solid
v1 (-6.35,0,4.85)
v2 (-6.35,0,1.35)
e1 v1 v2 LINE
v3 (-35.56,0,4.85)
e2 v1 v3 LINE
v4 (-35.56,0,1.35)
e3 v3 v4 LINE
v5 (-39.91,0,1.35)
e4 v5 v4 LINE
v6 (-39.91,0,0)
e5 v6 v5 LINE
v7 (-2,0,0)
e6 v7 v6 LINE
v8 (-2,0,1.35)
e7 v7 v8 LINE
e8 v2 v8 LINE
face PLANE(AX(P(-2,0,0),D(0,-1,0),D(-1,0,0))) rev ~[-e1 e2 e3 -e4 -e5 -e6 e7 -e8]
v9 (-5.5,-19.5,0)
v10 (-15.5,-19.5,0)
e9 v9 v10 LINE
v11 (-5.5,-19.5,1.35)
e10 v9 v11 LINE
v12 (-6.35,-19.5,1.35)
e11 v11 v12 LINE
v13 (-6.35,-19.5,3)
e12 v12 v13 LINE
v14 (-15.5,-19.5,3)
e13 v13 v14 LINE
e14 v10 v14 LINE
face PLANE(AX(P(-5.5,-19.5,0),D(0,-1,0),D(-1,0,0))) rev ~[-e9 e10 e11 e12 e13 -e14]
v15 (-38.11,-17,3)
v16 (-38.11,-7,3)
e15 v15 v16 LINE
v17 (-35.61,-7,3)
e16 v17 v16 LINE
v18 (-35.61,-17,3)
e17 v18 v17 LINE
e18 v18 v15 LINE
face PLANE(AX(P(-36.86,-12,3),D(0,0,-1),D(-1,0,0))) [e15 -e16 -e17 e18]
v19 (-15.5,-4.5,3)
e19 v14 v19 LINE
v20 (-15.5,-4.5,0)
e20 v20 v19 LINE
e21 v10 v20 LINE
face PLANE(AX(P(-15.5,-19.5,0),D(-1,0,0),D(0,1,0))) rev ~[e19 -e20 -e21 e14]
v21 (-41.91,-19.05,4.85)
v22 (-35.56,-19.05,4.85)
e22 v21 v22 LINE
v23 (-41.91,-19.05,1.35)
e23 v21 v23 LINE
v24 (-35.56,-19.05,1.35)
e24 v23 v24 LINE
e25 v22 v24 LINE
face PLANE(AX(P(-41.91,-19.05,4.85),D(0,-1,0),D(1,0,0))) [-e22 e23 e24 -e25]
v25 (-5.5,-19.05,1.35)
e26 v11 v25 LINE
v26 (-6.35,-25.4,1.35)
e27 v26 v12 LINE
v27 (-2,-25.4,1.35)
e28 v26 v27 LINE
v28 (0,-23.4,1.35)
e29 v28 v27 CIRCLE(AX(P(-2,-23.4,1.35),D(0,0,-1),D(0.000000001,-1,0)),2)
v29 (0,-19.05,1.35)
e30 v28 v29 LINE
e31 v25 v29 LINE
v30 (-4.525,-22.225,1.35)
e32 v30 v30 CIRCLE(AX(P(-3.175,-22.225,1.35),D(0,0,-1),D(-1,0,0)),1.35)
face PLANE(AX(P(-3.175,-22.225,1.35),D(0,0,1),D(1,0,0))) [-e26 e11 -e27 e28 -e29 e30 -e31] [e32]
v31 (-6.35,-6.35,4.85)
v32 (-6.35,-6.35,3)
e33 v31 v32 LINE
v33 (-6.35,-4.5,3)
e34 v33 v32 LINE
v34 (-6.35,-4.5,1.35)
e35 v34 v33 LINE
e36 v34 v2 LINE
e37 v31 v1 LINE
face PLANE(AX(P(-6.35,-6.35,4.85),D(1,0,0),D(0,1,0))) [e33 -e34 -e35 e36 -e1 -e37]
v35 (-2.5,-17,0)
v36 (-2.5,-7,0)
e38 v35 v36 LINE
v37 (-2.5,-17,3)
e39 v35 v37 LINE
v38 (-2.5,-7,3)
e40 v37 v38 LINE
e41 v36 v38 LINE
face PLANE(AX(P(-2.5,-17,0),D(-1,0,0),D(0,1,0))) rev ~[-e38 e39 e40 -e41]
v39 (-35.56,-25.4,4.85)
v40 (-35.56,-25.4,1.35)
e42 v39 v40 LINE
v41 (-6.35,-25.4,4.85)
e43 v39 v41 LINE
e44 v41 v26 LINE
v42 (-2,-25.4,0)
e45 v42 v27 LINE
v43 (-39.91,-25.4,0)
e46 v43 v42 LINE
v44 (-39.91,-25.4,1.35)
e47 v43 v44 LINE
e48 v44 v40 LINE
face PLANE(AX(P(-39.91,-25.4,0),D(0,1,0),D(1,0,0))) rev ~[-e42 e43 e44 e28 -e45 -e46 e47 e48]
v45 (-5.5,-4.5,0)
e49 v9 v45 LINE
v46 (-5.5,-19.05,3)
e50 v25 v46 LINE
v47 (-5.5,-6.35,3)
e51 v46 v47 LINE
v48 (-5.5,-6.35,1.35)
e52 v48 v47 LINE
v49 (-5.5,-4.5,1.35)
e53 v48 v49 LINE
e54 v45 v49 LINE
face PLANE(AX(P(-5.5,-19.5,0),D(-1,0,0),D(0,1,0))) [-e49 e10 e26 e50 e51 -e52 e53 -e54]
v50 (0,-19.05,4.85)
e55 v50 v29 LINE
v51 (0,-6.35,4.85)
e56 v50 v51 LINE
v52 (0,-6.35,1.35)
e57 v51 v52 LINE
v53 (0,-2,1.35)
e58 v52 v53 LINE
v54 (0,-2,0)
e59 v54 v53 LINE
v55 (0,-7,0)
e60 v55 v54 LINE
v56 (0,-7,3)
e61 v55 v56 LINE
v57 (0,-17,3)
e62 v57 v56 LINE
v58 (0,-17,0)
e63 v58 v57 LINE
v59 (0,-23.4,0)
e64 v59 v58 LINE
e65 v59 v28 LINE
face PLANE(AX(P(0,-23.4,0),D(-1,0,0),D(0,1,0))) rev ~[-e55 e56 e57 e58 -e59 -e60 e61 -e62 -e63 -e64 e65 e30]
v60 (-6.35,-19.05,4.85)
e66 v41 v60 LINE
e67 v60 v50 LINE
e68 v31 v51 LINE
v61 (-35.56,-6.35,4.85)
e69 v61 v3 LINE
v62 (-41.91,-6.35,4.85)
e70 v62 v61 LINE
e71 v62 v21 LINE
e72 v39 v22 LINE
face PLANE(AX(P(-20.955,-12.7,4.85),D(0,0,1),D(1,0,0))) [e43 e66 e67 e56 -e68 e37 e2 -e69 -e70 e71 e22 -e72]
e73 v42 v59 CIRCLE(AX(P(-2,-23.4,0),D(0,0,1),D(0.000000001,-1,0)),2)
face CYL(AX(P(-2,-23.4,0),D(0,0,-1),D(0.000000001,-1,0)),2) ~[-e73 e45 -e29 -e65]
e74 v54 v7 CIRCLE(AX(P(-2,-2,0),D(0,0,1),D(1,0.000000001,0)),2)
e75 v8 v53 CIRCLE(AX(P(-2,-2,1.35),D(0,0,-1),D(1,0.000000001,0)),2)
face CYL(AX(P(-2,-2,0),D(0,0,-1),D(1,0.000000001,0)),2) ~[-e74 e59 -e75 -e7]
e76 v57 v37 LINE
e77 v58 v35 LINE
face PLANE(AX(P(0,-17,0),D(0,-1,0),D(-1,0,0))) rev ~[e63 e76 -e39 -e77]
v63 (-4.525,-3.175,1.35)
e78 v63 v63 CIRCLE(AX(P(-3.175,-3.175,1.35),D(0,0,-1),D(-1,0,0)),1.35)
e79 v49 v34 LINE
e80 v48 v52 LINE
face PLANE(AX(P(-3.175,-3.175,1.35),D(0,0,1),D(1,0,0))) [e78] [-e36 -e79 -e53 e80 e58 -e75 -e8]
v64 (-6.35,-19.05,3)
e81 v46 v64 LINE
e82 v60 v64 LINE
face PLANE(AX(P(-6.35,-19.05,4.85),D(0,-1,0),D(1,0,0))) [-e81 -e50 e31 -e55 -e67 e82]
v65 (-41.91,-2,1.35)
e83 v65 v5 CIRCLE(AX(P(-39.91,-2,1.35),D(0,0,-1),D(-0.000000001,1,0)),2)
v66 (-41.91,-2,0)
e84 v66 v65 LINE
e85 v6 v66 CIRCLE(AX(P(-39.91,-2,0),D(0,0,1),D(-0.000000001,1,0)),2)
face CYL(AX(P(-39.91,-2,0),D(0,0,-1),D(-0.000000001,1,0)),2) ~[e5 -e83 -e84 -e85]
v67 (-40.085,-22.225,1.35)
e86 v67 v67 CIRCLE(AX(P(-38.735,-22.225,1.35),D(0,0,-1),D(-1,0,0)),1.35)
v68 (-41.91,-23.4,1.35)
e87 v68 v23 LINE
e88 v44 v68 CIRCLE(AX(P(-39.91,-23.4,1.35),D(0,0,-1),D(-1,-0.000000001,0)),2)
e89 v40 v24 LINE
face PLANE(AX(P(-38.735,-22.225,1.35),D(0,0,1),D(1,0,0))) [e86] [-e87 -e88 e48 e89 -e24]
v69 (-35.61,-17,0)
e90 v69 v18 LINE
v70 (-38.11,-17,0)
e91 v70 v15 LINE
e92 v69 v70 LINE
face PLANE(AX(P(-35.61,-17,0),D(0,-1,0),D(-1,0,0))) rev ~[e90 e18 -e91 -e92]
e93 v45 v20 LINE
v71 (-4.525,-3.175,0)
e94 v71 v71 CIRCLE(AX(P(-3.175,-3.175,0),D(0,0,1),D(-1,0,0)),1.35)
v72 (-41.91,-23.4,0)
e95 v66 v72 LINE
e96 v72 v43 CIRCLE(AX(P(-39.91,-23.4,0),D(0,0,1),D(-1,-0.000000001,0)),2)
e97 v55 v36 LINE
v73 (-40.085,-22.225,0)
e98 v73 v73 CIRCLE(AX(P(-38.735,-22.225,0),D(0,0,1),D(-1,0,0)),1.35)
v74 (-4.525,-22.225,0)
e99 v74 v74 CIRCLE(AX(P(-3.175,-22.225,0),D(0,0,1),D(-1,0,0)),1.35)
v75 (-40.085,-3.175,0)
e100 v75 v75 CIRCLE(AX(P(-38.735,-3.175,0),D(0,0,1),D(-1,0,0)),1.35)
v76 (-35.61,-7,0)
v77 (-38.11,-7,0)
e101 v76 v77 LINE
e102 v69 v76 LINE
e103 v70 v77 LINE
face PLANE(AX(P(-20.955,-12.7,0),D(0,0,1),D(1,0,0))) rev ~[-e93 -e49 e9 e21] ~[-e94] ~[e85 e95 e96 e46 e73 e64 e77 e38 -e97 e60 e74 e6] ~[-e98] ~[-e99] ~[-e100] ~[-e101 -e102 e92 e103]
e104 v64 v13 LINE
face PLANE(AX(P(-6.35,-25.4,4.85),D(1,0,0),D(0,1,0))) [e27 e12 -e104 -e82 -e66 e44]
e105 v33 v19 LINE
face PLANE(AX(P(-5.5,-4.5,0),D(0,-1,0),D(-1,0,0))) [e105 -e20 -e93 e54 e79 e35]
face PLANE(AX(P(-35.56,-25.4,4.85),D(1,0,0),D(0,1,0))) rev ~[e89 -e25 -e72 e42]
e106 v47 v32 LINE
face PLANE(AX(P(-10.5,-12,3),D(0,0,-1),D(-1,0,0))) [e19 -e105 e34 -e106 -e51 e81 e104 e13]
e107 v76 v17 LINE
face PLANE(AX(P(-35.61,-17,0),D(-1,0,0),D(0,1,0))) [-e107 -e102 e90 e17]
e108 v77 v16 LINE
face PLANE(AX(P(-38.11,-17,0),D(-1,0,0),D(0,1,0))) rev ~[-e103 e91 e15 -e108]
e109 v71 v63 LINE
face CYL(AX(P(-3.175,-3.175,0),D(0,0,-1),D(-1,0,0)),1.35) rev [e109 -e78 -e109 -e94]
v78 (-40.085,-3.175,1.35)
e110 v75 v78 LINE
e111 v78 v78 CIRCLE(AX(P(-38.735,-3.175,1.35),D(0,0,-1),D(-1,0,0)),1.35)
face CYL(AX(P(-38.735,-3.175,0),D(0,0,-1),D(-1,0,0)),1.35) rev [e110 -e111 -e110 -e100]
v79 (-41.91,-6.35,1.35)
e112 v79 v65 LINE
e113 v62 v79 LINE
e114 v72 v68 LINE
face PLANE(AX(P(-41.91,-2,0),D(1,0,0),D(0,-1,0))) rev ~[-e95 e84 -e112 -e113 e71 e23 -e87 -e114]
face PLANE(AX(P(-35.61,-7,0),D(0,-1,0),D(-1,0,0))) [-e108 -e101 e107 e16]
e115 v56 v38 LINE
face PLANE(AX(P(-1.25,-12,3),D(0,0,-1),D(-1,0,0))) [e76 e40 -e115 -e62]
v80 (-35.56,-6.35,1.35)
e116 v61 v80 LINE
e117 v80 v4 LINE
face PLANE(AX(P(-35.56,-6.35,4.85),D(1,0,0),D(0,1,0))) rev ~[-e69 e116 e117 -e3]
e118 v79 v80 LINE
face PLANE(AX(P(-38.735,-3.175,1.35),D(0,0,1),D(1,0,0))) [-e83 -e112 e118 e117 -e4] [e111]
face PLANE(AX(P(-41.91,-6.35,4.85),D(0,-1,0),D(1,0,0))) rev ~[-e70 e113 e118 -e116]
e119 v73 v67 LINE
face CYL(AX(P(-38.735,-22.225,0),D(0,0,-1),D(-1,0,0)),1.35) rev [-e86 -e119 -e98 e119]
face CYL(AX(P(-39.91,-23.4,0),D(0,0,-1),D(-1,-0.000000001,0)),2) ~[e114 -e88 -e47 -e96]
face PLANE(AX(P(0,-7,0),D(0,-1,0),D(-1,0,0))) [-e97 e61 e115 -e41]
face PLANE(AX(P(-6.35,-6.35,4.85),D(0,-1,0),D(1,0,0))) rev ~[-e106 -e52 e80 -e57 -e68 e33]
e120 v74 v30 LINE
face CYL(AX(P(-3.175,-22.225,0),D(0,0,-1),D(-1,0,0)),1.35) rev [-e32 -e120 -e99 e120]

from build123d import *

# Parameters (mm, degrees)
SKETCH1_R           = 1.35
BOSS_EXTRUDE1_DEPTH = 4.85
SKETCH2_W           = 2.5
SKETCH2_H           = 10
SKETCH2_W_2         = 10
SKETCH2_H_2         = 15
CUT_EXTRUDE1_DEPTH  = 3
SKETCH4_W           = 6.35
SKETCH4_H           = 6.35
CUT_EXTRUDE3_DEPTH  = 3.5


with BuildPart() as part:
    # Sketch1 → Boss-Extrude1 (new body)
    with BuildSketch(Plane.XY):
        with BuildLine():
            Line((-2, 0), (-39.91, 0))
            ThreePointArc((-39.91, 0), (-41.324213562, -0.585786438), (-41.91, -2))
            Line((-41.91, -2), (-41.91, -23.4))
            ThreePointArc((-41.91, -23.4), (-41.324213562, -24.814213562), (-39.91, -25.4))
            Line((-39.91, -25.4), (-2, -25.4))
            ThreePointArc((-2, -25.4), (-0.585786438, -24.814213562), (0, -23.4))
            Line((0, -23.4), (0, -2))
            ThreePointArc((0, -2), (-0.585786438, -0.585786438), (-2, 0))
        make_face()
        with Locations(Location((-38.735, -22.225, 0), (0, 0, 180))):
            Circle(SKETCH1_R, mode=Mode.SUBTRACT)
        with Locations(Location((-38.735, -3.175, 0), (0, 0, 180))):
            Circle(SKETCH1_R, mode=Mode.SUBTRACT)
        with Locations(Location((-3.175, -3.175, 0), (0, 0, 180))):
            Circle(SKETCH1_R, mode=Mode.SUBTRACT)
        with Locations(Location((-3.175, -22.225, 0), (0, 0, 180))):
            Circle(SKETCH1_R, mode=Mode.SUBTRACT)
    extrude(amount=BOSS_EXTRUDE1_DEPTH)

    # Sketch2 → Cut-Extrude1 (cut)
    with BuildSketch(Plane(origin=(0, 0, 0), x_dir=(-1, 0, 0), z_dir=(0, 0, -1))):
        with Locations((1.25, -12)):
            Rectangle(SKETCH2_W, SKETCH2_H)
        with Locations((10.5, -12)):
            Rectangle(SKETCH2_W_2, SKETCH2_H_2)
        with Locations((36.86, -12)):
            Rectangle(SKETCH2_W, SKETCH2_H)
    extrude(amount=-CUT_EXTRUDE1_DEPTH, mode=Mode.SUBTRACT)

    # Sketch4 → Cut-Extrude3 (cut)
    with BuildSketch(Plane.XY.offset(4.85)):
        with Locations((-38.735, -3.175)):
            Rectangle(SKETCH4_W, SKETCH4_H)
        with Locations((-38.735, -22.225)):
            Rectangle(SKETCH4_W, SKETCH4_H)
        with Locations((-3.175, -22.225)):
            Rectangle(SKETCH4_W, SKETCH4_H)
        with Locations((-3.175, -3.175)):
            Rectangle(SKETCH4_W, SKETCH4_H)
    extrude(amount=-CUT_EXTRUDE3_DEPTH, mode=Mode.SUBTRACT)


solid = part.part
